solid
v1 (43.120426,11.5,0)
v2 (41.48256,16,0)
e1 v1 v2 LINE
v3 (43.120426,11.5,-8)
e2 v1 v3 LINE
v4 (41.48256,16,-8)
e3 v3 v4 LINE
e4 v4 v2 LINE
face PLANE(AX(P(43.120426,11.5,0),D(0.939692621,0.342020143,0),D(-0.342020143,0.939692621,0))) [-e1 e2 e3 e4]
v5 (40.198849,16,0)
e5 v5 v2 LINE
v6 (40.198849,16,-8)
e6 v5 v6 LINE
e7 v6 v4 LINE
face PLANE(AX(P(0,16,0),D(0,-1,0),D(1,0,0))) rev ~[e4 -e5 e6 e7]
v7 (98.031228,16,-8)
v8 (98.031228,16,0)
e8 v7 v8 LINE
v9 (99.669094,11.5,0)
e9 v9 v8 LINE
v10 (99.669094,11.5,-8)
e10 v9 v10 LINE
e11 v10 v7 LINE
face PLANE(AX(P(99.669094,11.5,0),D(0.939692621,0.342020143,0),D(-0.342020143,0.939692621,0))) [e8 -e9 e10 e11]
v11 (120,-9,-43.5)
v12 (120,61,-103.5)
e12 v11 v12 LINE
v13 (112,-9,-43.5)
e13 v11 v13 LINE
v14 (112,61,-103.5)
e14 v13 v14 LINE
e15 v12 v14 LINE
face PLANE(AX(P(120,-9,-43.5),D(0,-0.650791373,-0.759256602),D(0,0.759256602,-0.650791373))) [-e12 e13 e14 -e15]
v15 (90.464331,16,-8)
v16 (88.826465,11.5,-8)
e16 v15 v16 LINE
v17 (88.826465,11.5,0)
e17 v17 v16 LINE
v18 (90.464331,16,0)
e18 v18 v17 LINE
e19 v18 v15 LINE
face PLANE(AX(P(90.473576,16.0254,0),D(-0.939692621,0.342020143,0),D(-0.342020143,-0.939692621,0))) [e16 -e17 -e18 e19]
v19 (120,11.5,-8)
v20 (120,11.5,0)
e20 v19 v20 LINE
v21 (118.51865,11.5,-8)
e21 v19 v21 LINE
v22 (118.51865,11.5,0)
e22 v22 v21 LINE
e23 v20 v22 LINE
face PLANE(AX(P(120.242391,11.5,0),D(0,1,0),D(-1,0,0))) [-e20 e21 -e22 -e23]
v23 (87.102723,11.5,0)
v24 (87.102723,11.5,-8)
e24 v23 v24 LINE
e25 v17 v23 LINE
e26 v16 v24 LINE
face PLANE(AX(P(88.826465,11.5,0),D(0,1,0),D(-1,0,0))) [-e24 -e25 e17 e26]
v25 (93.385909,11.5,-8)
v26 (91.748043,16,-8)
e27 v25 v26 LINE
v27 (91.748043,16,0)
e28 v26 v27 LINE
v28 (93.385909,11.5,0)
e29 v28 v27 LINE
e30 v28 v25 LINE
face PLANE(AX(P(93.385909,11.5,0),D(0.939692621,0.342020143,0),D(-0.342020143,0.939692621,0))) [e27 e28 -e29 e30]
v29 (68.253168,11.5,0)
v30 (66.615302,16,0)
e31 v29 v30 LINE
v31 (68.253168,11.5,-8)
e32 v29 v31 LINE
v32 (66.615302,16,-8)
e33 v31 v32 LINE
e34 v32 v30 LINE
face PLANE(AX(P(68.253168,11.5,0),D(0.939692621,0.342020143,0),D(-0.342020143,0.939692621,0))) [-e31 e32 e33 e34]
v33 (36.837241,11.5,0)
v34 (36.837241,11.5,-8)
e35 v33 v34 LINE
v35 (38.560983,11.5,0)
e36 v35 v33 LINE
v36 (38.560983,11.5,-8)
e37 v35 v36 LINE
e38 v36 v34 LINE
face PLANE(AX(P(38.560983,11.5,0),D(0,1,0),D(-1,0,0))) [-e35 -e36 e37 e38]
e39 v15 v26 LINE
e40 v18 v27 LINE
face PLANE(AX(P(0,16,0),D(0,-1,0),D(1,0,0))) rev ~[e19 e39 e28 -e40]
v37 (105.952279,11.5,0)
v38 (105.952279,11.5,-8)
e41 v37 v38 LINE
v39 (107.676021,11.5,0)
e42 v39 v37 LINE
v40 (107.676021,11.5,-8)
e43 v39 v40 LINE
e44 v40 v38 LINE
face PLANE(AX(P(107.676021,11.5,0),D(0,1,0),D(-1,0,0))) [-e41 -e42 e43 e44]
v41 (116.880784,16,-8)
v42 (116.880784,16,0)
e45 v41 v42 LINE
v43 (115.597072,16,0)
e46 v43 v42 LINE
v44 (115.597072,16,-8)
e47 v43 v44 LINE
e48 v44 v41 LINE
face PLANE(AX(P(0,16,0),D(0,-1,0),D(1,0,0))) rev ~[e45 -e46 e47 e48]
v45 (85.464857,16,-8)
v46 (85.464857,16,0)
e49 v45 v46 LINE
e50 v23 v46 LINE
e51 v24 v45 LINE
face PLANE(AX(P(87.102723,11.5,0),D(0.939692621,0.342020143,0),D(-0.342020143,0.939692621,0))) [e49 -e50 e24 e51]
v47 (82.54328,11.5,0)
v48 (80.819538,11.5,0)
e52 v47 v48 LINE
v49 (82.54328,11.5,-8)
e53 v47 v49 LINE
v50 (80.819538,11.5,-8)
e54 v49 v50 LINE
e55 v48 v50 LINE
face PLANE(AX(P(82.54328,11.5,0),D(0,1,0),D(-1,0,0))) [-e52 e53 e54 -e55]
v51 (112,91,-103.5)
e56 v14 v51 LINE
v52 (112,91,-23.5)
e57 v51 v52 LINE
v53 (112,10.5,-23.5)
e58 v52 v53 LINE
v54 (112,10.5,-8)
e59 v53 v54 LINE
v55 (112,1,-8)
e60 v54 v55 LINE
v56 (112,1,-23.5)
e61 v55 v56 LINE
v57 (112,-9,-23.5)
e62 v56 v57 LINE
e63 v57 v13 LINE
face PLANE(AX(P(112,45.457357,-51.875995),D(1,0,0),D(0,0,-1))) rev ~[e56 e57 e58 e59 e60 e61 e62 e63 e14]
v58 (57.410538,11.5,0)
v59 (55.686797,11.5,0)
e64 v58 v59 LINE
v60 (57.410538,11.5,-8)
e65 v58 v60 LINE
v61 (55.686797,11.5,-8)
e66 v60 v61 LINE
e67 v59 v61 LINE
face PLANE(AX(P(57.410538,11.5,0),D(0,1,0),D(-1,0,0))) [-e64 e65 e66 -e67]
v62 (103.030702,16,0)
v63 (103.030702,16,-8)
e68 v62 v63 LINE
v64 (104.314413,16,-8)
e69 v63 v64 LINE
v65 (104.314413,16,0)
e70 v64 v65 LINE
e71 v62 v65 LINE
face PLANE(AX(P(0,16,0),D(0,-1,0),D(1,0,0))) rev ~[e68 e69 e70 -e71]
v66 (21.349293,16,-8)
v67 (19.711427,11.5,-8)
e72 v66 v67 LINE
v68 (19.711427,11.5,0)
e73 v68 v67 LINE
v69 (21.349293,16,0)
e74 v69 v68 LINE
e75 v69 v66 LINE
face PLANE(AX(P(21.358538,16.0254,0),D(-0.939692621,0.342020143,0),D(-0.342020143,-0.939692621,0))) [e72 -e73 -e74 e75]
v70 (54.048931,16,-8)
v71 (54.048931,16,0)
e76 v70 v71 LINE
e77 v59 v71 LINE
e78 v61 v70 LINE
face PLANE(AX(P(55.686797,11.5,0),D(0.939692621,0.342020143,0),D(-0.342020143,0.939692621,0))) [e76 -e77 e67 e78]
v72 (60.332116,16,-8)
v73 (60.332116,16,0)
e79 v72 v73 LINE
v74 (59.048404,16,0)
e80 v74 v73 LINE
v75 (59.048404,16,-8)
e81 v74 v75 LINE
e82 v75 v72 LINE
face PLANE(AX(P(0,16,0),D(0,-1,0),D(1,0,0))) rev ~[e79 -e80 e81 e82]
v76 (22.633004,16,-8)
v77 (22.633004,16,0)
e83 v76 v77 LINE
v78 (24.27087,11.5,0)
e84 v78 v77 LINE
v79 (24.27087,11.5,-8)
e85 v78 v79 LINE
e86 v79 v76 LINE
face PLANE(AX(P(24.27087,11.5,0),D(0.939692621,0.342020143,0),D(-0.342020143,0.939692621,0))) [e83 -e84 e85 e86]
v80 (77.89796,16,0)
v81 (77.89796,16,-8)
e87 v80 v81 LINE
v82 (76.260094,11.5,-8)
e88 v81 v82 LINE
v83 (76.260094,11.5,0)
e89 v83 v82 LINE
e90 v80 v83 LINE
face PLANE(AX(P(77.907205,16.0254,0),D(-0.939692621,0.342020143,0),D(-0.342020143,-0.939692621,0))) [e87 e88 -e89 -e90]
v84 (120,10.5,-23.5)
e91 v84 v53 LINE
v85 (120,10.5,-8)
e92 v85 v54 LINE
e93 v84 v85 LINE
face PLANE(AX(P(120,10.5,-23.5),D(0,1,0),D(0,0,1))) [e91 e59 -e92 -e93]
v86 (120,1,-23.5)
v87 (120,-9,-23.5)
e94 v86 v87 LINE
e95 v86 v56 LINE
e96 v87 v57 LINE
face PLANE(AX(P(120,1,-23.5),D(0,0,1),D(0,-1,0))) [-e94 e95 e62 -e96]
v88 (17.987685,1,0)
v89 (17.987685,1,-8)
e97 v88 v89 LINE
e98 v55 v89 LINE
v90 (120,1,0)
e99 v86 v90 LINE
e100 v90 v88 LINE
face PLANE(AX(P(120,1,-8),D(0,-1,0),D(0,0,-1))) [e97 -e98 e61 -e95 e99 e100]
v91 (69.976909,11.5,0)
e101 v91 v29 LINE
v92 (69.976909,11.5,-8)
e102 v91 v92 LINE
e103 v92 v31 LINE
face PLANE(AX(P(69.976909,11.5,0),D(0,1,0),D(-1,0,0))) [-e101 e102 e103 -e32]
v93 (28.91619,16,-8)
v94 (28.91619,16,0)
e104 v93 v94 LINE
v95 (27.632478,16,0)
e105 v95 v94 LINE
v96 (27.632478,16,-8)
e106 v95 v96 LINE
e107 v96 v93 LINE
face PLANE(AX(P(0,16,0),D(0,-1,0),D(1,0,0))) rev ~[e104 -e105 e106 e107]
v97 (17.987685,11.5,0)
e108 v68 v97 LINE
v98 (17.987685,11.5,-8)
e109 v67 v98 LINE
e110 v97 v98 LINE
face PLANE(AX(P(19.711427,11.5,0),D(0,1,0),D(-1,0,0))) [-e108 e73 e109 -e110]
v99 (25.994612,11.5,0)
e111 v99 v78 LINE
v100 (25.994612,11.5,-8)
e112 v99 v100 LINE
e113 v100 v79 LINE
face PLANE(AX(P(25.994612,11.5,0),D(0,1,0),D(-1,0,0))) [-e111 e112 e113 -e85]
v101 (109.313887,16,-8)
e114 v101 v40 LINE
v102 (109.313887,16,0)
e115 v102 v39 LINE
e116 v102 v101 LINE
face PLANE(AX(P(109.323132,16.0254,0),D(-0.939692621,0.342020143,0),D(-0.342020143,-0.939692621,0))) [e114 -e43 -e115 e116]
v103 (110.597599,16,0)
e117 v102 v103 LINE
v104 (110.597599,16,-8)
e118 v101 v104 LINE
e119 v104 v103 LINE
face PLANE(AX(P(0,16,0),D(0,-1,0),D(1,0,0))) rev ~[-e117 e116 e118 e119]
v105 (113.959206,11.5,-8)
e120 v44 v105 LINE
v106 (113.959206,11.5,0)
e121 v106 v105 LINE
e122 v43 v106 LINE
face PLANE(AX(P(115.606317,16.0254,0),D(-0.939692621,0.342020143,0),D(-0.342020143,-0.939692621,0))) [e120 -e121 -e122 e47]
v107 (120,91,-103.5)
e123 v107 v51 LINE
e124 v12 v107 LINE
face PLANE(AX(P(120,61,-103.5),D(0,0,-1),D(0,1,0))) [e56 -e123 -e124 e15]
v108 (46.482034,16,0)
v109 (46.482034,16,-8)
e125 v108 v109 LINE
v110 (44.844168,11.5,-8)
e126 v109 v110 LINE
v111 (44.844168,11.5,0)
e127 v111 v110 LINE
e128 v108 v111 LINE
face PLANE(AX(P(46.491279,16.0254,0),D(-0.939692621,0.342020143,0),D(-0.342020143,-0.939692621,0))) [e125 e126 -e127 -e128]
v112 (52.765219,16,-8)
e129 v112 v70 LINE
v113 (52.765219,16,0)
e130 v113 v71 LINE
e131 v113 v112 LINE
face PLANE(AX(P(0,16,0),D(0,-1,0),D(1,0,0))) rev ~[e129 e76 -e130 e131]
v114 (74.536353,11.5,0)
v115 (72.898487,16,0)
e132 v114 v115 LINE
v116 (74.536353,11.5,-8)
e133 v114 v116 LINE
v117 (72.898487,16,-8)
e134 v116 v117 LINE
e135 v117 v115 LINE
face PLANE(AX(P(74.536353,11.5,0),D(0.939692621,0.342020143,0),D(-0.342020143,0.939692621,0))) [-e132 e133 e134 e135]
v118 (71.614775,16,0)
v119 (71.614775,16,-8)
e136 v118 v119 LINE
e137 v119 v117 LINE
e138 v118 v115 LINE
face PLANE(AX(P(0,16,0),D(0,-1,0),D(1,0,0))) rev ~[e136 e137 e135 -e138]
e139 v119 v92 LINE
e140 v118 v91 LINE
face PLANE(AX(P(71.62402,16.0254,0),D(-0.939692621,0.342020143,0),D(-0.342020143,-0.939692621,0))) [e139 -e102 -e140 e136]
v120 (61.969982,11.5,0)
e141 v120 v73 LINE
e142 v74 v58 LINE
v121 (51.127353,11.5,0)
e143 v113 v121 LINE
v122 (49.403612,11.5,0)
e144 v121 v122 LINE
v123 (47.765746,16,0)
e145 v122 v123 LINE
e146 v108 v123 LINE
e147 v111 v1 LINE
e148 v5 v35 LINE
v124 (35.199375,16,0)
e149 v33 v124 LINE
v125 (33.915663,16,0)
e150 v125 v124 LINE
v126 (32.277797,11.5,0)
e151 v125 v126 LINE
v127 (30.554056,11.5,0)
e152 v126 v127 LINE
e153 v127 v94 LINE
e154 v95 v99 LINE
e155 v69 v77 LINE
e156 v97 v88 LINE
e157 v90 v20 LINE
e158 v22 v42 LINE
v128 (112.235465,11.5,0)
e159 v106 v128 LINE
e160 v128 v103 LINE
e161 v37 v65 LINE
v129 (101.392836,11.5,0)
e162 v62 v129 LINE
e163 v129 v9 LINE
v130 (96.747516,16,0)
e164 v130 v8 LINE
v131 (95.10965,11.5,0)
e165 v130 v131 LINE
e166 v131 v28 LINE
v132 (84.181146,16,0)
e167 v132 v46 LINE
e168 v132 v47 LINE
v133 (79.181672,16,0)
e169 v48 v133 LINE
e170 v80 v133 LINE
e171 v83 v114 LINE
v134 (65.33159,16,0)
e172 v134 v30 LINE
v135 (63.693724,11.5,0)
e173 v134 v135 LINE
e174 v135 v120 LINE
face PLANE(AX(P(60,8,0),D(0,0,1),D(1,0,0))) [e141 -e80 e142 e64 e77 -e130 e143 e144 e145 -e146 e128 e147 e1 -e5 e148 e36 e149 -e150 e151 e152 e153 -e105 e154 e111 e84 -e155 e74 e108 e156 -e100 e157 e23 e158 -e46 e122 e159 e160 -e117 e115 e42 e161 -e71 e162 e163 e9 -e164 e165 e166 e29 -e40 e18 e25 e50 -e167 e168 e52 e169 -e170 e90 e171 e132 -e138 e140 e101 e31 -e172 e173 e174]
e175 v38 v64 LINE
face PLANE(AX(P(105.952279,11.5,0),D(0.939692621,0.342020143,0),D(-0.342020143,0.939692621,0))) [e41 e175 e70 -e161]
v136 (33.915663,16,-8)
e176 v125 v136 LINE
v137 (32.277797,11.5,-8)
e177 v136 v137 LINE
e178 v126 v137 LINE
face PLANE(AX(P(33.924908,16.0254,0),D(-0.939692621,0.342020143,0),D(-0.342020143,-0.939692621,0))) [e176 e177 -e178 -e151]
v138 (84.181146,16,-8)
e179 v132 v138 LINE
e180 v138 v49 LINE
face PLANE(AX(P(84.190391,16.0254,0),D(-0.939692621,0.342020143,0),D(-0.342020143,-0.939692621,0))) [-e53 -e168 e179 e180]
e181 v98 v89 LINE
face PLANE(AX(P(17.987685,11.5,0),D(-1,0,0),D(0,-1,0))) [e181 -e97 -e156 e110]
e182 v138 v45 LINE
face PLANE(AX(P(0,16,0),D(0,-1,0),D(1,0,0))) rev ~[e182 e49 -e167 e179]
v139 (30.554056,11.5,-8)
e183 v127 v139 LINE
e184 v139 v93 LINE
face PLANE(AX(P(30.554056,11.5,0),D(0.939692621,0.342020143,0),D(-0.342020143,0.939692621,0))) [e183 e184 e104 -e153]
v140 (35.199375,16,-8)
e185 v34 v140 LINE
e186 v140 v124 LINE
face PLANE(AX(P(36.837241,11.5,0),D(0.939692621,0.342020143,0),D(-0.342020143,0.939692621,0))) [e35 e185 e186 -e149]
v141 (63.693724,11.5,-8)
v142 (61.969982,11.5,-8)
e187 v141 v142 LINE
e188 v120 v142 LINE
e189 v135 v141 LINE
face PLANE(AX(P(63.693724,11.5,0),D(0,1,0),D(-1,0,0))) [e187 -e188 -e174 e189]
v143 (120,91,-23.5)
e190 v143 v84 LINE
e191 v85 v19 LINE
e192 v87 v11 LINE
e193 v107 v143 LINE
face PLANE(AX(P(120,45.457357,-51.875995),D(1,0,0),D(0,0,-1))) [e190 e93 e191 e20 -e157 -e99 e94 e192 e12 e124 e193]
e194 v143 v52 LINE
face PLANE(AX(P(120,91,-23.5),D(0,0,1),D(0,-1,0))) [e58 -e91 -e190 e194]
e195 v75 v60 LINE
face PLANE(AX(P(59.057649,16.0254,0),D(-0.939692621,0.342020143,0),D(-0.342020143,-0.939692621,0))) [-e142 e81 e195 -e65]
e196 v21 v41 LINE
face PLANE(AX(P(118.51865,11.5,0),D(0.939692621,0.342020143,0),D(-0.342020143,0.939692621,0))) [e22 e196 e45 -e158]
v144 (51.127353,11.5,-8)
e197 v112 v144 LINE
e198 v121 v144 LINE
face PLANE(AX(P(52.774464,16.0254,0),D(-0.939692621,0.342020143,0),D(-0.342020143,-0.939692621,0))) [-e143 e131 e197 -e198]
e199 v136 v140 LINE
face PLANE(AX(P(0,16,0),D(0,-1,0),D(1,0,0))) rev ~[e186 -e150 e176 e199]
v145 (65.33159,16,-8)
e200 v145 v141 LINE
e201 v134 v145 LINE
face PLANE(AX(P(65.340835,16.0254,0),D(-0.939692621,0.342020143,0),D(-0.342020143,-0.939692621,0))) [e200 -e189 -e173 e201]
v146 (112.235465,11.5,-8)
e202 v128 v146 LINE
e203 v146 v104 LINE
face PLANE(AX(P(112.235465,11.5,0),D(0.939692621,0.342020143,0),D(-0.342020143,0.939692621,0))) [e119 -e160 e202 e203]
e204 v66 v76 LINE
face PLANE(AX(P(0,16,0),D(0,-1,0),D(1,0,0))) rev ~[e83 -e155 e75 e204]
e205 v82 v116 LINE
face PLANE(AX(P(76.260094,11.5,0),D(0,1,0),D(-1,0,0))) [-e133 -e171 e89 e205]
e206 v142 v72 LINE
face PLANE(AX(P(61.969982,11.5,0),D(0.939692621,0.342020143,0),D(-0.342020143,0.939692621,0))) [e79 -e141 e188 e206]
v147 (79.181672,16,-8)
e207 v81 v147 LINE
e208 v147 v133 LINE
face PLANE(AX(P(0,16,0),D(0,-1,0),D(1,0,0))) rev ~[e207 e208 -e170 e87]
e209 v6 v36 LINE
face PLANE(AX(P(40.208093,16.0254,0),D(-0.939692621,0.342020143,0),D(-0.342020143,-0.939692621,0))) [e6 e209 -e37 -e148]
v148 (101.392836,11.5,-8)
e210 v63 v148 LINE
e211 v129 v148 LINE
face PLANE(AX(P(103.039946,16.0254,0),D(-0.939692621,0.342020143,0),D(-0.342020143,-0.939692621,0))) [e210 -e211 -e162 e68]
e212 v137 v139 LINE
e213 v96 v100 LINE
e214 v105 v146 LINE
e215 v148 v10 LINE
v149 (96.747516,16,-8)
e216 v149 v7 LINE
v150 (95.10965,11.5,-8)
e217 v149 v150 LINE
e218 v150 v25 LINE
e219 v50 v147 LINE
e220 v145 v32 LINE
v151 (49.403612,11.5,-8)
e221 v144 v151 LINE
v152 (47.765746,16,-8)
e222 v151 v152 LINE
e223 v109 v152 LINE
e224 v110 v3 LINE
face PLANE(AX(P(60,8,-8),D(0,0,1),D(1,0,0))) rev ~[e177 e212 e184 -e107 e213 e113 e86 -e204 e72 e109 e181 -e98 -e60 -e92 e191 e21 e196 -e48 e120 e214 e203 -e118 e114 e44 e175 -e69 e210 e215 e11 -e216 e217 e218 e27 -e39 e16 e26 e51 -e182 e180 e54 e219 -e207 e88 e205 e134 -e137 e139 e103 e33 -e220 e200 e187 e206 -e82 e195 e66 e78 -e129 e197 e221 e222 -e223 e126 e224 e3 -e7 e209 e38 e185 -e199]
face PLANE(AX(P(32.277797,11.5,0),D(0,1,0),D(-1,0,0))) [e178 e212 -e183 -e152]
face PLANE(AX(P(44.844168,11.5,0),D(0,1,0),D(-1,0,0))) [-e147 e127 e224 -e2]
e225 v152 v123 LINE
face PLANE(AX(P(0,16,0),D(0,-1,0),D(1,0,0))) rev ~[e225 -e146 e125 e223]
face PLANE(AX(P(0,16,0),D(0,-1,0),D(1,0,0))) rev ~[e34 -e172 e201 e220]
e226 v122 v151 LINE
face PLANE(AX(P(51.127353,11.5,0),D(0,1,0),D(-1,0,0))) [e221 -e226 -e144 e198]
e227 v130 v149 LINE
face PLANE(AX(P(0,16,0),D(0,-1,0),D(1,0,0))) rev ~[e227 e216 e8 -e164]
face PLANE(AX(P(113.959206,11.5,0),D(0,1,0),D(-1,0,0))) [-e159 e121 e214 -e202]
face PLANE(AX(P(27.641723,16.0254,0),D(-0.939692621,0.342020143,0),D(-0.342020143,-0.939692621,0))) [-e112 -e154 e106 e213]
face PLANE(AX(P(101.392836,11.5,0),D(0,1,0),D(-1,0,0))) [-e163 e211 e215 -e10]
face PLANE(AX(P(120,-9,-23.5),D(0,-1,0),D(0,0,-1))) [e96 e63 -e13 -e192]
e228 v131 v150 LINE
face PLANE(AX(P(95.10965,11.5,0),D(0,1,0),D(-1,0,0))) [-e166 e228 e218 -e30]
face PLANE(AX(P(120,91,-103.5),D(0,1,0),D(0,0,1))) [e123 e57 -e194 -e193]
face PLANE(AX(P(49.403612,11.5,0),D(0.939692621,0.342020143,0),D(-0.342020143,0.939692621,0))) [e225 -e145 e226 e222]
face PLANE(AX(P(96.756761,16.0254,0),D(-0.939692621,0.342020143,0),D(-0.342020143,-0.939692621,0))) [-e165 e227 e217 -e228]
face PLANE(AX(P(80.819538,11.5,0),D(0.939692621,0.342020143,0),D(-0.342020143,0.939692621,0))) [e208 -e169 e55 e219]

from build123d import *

# Parameters (mm, degrees)
BLANKSKE_W          = 120
BLANKSKE_H          = 16
BLANK_DEPTH         = 8
TOOTHCUTSIM_DEPTH   = 122.326007105
TEETHCUTS_COUNT     = 20
TEETHCUTS_PITCH     = 6.2831853
SKETCH1_W           = 8
SKETCH1_H           = 1
CUT_EXTRUDE1_DEPTH  = 122.326007105
BOSS_EXTRUDE2_DEPTH = 8
CUT_EXTRUDE2_DEPTH  = 183.738200713


with BuildPart() as part:
    # BlankSke → Blank (new body)
    with BuildSketch(Plane.XY):
        with Locations((60, 8)):
            Rectangle(BLANKSKE_W, BLANKSKE_H)
    extrude(amount=-BLANK_DEPTH)

    # TooCutSkeSim → ToothCutSim (cut, through all)
    with BuildSketch(Plane.XY):
        Polygon((0.861870739, 11.5), (-0.861870739, 11.5), (-2.508981637, 16.0254), (2.508981637, 16.0254), align=None)
    toothcutsim = extrude(amount=-TOOTHCUTSIM_DEPTH, mode=Mode.SUBTRACT)

    # TeethCuts: ToothCutSim ×20
    with Locations(*[(i * TEETHCUTS_PITCH, 0, 0) for i in range(1, TEETHCUTS_COUNT)]):
        add(toothcutsim, mode=Mode.SUBTRACT)

    # Sketch1 → Cut-Extrude1 (cut, through all)
    with BuildSketch(Plane(origin=(120, 0, 0), x_dir=(0, 0, -1), z_dir=(1, 0, 0))):
        with Locations((4, 0.5)):
            Rectangle(SKETCH1_W, SKETCH1_H)
    extrude(amount=-CUT_EXTRUDE1_DEPTH, mode=Mode.SUBTRACT)

    # Sketch2 → Boss-Extrude2 (add)
    with BuildSketch(Plane(origin=(120, 0, 0), x_dir=(0, 0, -1), z_dir=(1, 0, 0))):
        Polygon((8, 1), (23.5, 1), (23.5, -9), (43.5, -9), (103.5, 61), (103.5, 91), (23.5, 91), (23.5, 10.5), (8, 10.5), align=None)
    extrude(amount=-BOSS_EXTRUDE2_DEPTH)

    # Sketch3 → Cut-Extrude2 (cut, through all)
    with BuildSketch(Plane.XY):
        with BuildLine():
            Line((0, 1), (0, 11.5))
            ThreePointArc((0, 11.5), (0.43093537, 11.93093537), (0.861870739, 11.5))
            Line((0.861870739, 11.5), (2.499736794, 16))
            Line((2.499736794, 16), (3.783448506, 16))
            Line((3.783448506, 16), (5.421314561, 11.5))
            Line((5.421314561, 11.5), (7.145056039, 11.5))
            Line((7.145056039, 11.5), (8.782922094, 16))
            Line((8.782922094, 16), (10.066633806, 16))
            Line((10.066633806, 16), (11.704499861, 11.5))
            Line((11.704499861, 11.5), (13.428241339, 11.5))
            Line((13.428241339, 11.5), (15.066107394, 16))
            Line((15.066107394, 16), (15.70796325, 16))
            Line((15.70796325, 16), (16.349819106, 16))
            Line((16.349819106, 16), (17.987685161, 11.5))
            Line((17.987685161, 11.5), (17.987685161, 1))
            Line((17.987685161, 1), (15.70796325, 1))
            Line((15.70796325, 1), (6.161314561, 1))
            Line((6.161314561, 1), (0, 1))
        make_face()
    extrude(amount=-CUT_EXTRUDE2_DEPTH, mode=Mode.SUBTRACT)


solid = part.part
